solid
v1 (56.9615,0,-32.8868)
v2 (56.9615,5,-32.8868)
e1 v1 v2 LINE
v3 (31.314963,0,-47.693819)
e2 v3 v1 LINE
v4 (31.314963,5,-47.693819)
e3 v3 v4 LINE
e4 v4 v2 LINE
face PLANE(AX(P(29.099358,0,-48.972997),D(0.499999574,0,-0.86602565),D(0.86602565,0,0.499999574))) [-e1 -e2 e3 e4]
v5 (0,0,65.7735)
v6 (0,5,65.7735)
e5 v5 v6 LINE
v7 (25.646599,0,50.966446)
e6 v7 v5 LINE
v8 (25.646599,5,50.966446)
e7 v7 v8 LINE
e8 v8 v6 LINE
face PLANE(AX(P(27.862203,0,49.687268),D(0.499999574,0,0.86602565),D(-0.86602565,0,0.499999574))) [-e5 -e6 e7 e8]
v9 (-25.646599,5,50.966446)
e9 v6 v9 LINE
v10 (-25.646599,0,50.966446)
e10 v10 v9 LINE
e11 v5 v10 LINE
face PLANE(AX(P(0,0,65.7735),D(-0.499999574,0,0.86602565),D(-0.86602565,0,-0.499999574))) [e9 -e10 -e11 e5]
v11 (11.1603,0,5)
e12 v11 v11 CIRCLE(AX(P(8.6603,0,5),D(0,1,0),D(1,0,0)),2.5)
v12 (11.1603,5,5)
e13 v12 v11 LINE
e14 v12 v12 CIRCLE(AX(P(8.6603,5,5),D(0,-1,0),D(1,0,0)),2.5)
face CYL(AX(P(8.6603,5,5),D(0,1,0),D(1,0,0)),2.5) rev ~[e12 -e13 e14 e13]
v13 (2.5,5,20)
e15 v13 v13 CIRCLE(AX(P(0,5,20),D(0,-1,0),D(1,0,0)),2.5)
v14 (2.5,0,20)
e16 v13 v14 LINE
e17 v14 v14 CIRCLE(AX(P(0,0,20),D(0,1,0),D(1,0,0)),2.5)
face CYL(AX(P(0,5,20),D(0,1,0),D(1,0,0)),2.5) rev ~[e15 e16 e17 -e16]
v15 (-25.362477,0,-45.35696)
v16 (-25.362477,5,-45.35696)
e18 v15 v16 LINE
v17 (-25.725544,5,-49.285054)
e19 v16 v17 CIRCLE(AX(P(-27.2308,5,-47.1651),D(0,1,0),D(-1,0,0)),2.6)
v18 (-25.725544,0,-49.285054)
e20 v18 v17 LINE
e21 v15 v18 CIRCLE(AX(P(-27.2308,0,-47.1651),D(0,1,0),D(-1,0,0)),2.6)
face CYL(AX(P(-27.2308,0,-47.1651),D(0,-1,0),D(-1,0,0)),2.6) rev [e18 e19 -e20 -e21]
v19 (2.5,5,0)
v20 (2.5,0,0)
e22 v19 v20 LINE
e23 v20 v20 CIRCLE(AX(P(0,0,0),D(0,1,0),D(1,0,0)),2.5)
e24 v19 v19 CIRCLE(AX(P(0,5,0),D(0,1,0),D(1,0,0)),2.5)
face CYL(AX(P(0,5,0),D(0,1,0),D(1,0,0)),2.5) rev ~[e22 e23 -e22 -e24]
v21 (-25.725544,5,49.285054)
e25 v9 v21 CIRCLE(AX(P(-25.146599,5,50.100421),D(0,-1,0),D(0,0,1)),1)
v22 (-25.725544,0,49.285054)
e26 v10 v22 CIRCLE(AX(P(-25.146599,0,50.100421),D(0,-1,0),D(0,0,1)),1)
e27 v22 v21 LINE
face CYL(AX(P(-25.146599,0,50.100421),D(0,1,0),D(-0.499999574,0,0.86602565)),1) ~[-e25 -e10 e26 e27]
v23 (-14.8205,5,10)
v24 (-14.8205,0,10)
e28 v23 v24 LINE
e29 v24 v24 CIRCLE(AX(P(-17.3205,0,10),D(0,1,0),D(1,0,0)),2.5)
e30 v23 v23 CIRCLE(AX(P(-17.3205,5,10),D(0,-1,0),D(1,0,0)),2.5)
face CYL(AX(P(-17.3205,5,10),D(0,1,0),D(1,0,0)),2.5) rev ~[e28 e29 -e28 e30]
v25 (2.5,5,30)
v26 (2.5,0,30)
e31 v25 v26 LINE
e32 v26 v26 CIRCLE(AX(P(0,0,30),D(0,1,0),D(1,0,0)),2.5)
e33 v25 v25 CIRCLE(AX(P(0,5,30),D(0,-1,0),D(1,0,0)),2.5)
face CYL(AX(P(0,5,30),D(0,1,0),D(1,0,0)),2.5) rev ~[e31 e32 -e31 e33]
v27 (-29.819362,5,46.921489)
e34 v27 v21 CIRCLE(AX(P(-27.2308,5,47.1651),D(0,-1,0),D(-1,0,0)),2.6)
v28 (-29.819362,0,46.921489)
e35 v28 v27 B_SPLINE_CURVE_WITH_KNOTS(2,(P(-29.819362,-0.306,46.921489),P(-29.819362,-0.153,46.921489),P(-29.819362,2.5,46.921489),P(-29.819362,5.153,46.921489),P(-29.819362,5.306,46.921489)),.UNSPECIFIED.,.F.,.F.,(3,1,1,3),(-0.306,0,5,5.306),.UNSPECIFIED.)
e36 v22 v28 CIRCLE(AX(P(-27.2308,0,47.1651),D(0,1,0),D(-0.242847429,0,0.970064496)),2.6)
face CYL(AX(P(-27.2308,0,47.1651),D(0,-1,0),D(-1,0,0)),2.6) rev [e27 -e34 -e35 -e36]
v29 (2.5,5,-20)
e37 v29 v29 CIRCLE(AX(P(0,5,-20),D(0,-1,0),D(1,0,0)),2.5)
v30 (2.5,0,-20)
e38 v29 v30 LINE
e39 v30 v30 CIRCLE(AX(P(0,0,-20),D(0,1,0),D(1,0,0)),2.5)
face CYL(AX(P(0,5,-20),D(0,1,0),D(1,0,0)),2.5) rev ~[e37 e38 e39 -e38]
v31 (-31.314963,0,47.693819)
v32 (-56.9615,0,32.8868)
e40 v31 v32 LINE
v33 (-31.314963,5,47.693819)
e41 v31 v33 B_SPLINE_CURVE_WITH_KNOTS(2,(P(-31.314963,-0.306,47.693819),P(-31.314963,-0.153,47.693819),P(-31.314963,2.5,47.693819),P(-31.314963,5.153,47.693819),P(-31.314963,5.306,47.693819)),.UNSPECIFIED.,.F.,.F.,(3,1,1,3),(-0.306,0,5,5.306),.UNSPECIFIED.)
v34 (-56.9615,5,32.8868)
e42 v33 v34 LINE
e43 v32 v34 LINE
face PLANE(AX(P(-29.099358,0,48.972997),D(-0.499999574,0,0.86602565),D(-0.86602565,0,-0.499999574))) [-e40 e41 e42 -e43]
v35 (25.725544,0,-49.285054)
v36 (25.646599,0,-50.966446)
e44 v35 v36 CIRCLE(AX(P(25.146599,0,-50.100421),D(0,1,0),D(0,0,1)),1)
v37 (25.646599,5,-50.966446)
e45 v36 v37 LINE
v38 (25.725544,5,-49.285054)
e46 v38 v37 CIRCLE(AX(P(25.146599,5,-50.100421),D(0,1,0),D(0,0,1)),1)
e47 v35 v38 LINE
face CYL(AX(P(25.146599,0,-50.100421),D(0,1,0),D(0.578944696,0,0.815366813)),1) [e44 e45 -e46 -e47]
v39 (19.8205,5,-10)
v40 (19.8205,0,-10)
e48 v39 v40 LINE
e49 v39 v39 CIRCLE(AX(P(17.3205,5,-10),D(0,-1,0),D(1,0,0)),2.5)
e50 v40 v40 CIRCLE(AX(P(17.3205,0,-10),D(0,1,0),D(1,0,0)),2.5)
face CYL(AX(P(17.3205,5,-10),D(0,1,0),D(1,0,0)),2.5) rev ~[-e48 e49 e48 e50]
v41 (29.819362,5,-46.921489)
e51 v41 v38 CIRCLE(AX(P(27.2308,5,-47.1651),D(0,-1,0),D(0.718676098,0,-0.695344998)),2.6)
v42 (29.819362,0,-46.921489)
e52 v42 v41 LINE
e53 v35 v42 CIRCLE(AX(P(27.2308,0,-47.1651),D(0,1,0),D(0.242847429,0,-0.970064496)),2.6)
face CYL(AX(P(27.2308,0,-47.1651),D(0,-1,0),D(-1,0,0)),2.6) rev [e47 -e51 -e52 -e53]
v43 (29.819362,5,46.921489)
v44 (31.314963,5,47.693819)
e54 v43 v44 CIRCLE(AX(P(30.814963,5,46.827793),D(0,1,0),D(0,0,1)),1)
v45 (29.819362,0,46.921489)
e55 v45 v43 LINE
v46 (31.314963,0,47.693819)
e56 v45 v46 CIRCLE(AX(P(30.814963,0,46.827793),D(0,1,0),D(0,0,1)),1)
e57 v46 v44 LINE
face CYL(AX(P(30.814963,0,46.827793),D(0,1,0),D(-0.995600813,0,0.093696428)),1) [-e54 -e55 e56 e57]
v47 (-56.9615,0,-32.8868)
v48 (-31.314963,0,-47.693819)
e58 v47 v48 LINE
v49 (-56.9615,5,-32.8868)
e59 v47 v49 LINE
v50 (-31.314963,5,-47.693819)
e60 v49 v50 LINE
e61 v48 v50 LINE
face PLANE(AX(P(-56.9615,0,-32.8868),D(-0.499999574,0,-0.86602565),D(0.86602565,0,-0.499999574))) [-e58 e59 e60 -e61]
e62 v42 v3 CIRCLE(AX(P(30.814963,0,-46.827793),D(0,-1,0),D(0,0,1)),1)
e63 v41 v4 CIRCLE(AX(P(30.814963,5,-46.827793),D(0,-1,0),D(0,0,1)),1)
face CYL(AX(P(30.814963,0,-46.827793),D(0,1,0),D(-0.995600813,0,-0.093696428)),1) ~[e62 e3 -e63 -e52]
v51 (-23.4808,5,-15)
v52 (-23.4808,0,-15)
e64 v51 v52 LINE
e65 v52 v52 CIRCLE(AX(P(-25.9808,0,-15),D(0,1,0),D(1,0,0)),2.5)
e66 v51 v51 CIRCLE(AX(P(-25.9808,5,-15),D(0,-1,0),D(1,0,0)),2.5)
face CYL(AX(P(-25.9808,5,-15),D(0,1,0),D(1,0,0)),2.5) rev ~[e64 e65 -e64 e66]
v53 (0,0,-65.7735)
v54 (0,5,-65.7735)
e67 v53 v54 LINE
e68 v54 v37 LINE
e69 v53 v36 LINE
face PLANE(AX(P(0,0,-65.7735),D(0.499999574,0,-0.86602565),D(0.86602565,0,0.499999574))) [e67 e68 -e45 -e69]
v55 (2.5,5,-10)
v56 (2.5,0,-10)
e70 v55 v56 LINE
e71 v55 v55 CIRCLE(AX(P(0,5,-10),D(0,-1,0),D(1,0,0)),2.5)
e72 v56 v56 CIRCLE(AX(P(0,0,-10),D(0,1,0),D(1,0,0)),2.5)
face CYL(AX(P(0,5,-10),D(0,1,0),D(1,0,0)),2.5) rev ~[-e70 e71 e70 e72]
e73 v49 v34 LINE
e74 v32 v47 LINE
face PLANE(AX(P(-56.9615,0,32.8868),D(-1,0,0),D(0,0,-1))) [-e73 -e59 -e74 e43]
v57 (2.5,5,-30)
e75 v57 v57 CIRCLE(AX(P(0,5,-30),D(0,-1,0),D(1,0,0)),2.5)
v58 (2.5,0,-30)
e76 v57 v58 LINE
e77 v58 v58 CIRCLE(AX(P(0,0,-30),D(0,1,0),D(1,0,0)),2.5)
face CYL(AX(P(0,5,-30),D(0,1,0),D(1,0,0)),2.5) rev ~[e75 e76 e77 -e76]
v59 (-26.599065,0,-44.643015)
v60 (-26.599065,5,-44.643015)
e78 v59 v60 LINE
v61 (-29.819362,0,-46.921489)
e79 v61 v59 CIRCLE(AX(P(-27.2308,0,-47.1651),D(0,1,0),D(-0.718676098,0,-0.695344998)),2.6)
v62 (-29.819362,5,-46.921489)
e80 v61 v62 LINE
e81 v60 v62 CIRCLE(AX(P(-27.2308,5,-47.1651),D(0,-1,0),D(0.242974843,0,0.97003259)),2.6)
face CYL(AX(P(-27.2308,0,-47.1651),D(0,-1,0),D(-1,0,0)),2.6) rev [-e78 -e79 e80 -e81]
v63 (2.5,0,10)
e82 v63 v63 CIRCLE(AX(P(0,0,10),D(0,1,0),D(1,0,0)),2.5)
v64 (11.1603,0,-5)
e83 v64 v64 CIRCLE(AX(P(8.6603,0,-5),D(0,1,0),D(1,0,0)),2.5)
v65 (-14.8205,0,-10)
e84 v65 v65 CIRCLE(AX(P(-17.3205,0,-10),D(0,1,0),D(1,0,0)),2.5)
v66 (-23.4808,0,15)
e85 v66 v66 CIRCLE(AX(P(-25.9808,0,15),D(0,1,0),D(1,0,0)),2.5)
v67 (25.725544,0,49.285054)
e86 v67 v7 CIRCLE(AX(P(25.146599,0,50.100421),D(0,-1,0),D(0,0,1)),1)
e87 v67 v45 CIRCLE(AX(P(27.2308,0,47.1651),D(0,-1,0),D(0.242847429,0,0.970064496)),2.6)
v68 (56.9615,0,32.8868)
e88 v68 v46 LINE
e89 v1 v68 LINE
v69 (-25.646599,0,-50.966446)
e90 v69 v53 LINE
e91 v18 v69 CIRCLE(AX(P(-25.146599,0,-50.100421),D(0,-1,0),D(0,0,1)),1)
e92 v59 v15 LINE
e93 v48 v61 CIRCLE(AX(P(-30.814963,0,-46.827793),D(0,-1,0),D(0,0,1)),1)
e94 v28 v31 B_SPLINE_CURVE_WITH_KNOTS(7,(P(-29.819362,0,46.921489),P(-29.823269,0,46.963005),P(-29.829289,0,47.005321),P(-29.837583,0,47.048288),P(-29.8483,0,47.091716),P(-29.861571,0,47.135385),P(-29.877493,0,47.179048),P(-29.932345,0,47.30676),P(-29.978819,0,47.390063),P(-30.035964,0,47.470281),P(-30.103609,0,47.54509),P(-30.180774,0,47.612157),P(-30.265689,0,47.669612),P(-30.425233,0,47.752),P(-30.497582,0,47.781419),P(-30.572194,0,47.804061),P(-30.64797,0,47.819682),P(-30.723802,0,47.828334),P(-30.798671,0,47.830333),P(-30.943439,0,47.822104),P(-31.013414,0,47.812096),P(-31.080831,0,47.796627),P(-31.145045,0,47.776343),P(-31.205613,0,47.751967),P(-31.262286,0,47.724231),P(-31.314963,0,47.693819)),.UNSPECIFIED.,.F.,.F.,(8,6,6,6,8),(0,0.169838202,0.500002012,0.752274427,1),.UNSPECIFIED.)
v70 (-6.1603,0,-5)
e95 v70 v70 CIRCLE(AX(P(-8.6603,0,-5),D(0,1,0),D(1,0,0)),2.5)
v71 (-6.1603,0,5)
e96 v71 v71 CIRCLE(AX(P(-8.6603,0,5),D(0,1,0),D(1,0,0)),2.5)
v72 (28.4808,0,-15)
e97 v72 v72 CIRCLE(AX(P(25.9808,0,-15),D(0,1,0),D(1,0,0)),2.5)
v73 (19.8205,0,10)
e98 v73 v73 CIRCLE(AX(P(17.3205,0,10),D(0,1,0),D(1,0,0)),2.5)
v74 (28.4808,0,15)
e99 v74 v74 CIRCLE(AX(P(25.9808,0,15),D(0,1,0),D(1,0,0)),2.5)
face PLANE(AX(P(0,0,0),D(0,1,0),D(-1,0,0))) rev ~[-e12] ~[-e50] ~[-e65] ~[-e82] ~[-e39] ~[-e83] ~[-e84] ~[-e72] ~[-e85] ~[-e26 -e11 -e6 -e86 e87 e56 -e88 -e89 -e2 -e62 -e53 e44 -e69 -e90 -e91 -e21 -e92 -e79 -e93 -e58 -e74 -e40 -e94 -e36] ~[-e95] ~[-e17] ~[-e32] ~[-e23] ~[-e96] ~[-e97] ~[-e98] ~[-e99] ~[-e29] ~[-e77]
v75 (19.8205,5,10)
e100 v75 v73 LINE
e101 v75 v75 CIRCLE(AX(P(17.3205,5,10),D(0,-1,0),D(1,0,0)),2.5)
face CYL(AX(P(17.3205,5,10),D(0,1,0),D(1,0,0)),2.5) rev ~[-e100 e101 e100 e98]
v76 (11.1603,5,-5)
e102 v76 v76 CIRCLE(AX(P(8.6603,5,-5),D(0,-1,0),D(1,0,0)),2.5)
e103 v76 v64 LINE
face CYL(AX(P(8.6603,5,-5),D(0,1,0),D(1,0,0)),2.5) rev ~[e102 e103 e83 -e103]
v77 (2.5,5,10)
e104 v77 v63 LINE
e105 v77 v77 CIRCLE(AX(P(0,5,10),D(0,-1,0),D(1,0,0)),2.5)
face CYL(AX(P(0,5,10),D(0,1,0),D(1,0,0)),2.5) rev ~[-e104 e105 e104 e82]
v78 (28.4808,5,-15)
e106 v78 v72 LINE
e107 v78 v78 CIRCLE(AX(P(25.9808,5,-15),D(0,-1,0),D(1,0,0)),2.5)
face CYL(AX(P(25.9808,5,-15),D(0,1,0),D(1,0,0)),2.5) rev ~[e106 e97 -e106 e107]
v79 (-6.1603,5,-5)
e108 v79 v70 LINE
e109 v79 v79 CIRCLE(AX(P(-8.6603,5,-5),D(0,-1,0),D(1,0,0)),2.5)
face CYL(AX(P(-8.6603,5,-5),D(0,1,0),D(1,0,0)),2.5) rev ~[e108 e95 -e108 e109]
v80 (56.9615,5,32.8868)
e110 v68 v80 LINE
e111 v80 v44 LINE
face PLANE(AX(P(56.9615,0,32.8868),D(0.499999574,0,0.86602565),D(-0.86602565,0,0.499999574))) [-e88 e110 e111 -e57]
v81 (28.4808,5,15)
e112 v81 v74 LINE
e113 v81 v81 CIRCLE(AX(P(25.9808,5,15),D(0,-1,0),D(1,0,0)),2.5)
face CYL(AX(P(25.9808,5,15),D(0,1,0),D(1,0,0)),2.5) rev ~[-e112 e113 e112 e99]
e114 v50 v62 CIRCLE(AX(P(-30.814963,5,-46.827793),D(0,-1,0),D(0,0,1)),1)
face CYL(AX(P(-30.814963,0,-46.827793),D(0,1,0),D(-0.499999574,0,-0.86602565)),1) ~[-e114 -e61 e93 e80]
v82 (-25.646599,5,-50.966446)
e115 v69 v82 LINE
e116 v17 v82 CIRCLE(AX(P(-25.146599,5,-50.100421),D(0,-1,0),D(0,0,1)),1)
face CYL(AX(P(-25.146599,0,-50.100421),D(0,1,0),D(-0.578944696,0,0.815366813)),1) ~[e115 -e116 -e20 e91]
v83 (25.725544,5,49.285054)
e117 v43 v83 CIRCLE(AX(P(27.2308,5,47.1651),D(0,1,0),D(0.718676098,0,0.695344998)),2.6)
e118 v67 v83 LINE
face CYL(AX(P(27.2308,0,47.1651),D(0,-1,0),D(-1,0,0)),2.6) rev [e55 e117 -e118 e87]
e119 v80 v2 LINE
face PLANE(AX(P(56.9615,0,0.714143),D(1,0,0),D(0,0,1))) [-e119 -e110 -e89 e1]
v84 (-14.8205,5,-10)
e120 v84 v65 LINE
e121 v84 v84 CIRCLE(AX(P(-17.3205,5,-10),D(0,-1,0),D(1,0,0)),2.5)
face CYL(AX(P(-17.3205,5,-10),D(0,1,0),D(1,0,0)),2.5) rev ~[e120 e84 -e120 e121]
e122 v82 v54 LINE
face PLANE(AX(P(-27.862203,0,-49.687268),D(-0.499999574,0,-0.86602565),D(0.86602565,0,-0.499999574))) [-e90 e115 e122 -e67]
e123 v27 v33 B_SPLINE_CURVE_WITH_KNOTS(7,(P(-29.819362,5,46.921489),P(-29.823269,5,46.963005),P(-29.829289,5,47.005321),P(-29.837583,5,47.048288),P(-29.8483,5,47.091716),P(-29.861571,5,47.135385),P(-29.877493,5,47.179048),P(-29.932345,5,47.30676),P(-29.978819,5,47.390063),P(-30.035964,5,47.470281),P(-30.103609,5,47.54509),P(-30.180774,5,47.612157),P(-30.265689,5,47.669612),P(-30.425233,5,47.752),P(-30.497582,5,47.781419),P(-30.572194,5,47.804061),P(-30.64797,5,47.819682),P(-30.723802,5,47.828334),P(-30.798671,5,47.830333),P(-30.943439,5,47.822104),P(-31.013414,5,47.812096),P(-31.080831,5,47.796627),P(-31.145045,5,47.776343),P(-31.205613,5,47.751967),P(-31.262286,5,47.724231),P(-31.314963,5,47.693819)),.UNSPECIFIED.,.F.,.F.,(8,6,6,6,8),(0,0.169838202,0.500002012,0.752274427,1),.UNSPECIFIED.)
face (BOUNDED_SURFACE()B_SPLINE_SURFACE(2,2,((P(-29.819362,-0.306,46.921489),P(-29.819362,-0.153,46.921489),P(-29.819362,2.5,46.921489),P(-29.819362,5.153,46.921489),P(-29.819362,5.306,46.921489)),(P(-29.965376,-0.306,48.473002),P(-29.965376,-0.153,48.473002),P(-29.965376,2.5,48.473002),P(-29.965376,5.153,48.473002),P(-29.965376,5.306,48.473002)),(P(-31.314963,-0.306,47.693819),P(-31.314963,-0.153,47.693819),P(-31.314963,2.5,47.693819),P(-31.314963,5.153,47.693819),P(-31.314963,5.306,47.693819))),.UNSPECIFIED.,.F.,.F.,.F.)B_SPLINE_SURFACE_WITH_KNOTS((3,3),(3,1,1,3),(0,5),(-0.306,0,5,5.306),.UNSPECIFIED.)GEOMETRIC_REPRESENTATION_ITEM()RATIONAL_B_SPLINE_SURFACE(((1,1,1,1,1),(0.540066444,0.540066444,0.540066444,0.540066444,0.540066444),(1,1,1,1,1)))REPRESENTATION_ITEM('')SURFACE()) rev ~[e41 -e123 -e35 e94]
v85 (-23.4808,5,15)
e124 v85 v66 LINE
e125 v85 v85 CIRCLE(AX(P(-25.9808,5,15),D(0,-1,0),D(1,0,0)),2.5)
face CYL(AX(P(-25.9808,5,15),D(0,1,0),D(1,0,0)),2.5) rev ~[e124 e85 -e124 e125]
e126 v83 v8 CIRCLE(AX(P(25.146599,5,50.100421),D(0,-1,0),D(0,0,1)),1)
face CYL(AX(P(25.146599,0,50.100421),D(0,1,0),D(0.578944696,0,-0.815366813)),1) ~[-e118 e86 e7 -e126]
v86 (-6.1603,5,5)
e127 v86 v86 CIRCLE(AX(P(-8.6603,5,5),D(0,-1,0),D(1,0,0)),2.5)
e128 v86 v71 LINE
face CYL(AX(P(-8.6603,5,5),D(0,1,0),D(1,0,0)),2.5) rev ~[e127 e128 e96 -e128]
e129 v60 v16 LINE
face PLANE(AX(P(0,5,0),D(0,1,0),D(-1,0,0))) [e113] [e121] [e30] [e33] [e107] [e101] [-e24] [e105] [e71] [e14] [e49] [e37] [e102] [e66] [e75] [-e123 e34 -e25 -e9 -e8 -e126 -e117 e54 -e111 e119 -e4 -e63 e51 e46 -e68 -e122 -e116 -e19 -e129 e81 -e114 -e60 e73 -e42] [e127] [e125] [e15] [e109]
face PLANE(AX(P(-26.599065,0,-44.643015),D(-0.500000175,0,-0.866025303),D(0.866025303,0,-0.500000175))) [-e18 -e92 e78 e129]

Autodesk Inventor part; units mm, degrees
ref_plane "YZ Plane" through (0, 0, 0) normal (1, 0, 0) x (0, 1, 0)
ref_plane "XZ Plane" through (0, 0, 0) normal (0, 1, 0) x (-1, 0, 0)
ref_plane "XY Plane" through (0, 0, 0) normal (0, 0, 1) x (1, 0, 0)
sketch "스케치2" plane through (0, 0, 0) normal (0, 1, 0) x (-1, 0, 0)
  line L0 (0, 60) -> (51.9615, 30)
  line L1 (51.9615, 30) -> (51.9615, -30)
  line L2 (51.9615, -30) -> (0, -60)
  line L3 (0, -60) -> (-51.9615, -30)
  line L4 (-51.9615, -30) -> (-51.9615, 30)
  line L5 (-51.9615, 30) -> (0, 60)
  line L6 (0, 65.7735) -> (56.9615, 32.8868)
  line L7 (56.9615, 32.8868) -> (56.9615, -32.8868)
  line L8 (56.9615, -32.8868) -> (0, -65.7735)
  line L9 (0, -65.7735) -> (-56.9615, -32.8868)
  line L10 (-56.9615, -32.8868) -> (-56.9615, 32.8868)
  line L11 (-56.9615, 32.8868) -> (0, 65.7735)
  circle A0 centre (-54.4615, 0) radius 2.5 construction
  circle A1 centre (-54.4615, 0) radius 2.6
  circle A2 centre (-27.2308, -47.1651) radius 2.5 construction
  circle A3 centre (-27.2308, -47.1651) radius 2.6
  circle A4 centre (27.2308, -47.1651) radius 2.5 construction
  circle A5 centre (27.2308, -47.1651) radius 2.6
  circle A6 centre (54.4615, 0) radius 2.5 construction
  circle A7 centre (54.4615, 0) radius 2.6
  circle A8 centre (27.2308, 47.1651) radius 2.5 construction
  circle A9 centre (27.2308, 47.1651) radius 2.6
  circle A10 centre (-27.2308, 47.1651) radius 2.5 construction
  circle A11 centre (-27.2308, 47.1651) radius 2.6
  point P0 (0, 0)
  point P1 (0, 0)
  point P2 (-56.9615, -0.7141)
  point P3 (-29.0992, -48.9731)
  point P4 (-27.8623, -49.6872)
  point P5 (27.8623, -49.6872)
  point P6 (29.0992, -48.9731)
  point P7 (56.9615, -0.7141)
  point P8 (56.9615, 0.7141)
  point P9 (29.0992, 48.9731)
  point P10 (27.8623, 49.6872)
  point P11 (-27.8623, 49.6872)
  point P12 (-29.0992, 48.9731)
  point P13 (-56.9615, 0.7141)
  point P14 (25.3623, -45.3571)
  point P15 (26.5992, -44.6429)
  dimension "d0" = 60
  dimension "d1" = 5
  dimension "d2" = 5
  dimension "d3" = 5.2
  dimension "d6" = 360
extrude "돌출1" add sketch "스케치2" along normal blind 5 contours L5 A11 L11 L6 A9 L0 | L0 A9 L1 A7 L2 A5 L3 A3 L4 A1 L5 A11 | A9 L6 L7 A7 L1 L0 | L5 L4 A1 L10 L11 A11 | A7 L7 L1 | L1 A7 | A1 L4 | L4 A1 L10 | A7 L7 L8 A5 L2 L1 | L4 L3 A3 L9 L10 A1 | L2 A5 | A5 L8 L9 A3 L3 L2
fillet "모깎기1" radius 1 8 edges at (-29.0992, 2.5, 48.9731) (-27.8623, 2.5, 49.6872) (27.8623, 2.5, 49.6872) (29.0992, 2.5, 48.9731) (27.8623, 2.5, -49.6872) (29.0992, 2.5, -48.9731) (-29.0992, 2.5, -48.9731) (-27.8623, 2.5, -49.6872)
sketch "스케치3" plane through (0, 5, 0) normal (0, 1, 0) x (1, 0, 0)
  circle A0 centre (0, 0) radius 2.5
  line L0 (0, 10) -> (8.6603, 5)
  line L1 (8.6603, 5) -> (8.6603, -5)
  line L2 (8.6603, -5) -> (0, -10)
  line L3 (0, -10) -> (-8.6603, -5)
  line L4 (-8.6603, -5) -> (-8.6603, 5)
  line L5 (-8.6603, 5) -> (0, 10)
  line L6 (0, 20) -> (17.3205, 10)
  line L7 (17.3205, 10) -> (17.3205, -10)
  line L8 (17.3205, -10) -> (0, -20)
  line L9 (0, -20) -> (-17.3205, -10)
  line L10 (-17.3205, -10) -> (-17.3205, 10)
  line L11 (-17.3205, 10) -> (0, 20)
  line L12 (0, 30) -> (25.9808, 15)
  line L13 (25.9808, 15) -> (25.9808, -15)
  line L14 (25.9808, -15) -> (0, -30)
  line L15 (0, -30) -> (-25.9808, -15)
  line L16 (-25.9808, -15) -> (-25.9808, 15)
  line L17 (-25.9808, 15) -> (0, 30)
  circle A1 centre (0, 10) radius 2.5
  circle A2 centre (0, 20) radius 2.5
  circle A3 centre (0, 30) radius 2.5
  circle A4 centre (-25.9808, 15) radius 2.5
  circle A5 centre (-17.3205, 10) radius 2.5
  circle A6 centre (-8.6603, 5) radius 2.5
  circle A7 centre (-25.9808, -15) radius 2.5
  circle A8 centre (-17.3205, -10) radius 2.5
  circle A9 centre (-8.6603, -5) radius 2.5
  circle A10 centre (0, -30) radius 2.5
  circle A11 centre (0, -20) radius 2.5
  circle A12 centre (0, -10) radius 2.5
  circle A13 centre (25.9808, -15) radius 2.5
  circle A14 centre (17.3205, -10) radius 2.5
  circle A15 centre (8.6603, -5) radius 2.5
  circle A16 centre (25.9808, 15) radius 2.5
  circle A17 centre (17.3205, 10) radius 2.5
  circle A18 centre (8.6603, 5) radius 2.5
  dimension "d11" = 5
  dimension "d12" = 10
  dimension "d13" = 20
  dimension "d14" = 30
  dimension "d17" = 360
extrude "돌출2" cut sketch "스케치3" against normal through all contours A0 | L5 A1 L0 | L0 A1 L5 | A18 L1 L0 | L0 L1 A18 | A6 L4 L5 | L5 L4 A6 | A15 L2 L1 | L1 L2 A15 | A9 L3 L4 | L4 L3 A9 | A12 L3 L2 | L2 L3 A12 | L11 A2 L6 | L6 A2 L11 | A17 L7 L6 | L6 L7 A17 | A5 L10 L11 | L11 L10 A5 | A14 L8 L7 | L7 L8 A14 | A8 L9 L10 | L10 L9 A8 | A11 L9 L8 | L8 L9 A11 | L17 A3 L12 | L12 A3 L17 | A16 L13 L12 | L12 L13 A16 | A4 L16 L17 | L17 L16 A4 | A13 L14 L13 | L13 L14 A13 | A7 L15 L16 | L16 L15 A7 | A10 L15 L14 | L14 L15 A10
properties part number "top"
